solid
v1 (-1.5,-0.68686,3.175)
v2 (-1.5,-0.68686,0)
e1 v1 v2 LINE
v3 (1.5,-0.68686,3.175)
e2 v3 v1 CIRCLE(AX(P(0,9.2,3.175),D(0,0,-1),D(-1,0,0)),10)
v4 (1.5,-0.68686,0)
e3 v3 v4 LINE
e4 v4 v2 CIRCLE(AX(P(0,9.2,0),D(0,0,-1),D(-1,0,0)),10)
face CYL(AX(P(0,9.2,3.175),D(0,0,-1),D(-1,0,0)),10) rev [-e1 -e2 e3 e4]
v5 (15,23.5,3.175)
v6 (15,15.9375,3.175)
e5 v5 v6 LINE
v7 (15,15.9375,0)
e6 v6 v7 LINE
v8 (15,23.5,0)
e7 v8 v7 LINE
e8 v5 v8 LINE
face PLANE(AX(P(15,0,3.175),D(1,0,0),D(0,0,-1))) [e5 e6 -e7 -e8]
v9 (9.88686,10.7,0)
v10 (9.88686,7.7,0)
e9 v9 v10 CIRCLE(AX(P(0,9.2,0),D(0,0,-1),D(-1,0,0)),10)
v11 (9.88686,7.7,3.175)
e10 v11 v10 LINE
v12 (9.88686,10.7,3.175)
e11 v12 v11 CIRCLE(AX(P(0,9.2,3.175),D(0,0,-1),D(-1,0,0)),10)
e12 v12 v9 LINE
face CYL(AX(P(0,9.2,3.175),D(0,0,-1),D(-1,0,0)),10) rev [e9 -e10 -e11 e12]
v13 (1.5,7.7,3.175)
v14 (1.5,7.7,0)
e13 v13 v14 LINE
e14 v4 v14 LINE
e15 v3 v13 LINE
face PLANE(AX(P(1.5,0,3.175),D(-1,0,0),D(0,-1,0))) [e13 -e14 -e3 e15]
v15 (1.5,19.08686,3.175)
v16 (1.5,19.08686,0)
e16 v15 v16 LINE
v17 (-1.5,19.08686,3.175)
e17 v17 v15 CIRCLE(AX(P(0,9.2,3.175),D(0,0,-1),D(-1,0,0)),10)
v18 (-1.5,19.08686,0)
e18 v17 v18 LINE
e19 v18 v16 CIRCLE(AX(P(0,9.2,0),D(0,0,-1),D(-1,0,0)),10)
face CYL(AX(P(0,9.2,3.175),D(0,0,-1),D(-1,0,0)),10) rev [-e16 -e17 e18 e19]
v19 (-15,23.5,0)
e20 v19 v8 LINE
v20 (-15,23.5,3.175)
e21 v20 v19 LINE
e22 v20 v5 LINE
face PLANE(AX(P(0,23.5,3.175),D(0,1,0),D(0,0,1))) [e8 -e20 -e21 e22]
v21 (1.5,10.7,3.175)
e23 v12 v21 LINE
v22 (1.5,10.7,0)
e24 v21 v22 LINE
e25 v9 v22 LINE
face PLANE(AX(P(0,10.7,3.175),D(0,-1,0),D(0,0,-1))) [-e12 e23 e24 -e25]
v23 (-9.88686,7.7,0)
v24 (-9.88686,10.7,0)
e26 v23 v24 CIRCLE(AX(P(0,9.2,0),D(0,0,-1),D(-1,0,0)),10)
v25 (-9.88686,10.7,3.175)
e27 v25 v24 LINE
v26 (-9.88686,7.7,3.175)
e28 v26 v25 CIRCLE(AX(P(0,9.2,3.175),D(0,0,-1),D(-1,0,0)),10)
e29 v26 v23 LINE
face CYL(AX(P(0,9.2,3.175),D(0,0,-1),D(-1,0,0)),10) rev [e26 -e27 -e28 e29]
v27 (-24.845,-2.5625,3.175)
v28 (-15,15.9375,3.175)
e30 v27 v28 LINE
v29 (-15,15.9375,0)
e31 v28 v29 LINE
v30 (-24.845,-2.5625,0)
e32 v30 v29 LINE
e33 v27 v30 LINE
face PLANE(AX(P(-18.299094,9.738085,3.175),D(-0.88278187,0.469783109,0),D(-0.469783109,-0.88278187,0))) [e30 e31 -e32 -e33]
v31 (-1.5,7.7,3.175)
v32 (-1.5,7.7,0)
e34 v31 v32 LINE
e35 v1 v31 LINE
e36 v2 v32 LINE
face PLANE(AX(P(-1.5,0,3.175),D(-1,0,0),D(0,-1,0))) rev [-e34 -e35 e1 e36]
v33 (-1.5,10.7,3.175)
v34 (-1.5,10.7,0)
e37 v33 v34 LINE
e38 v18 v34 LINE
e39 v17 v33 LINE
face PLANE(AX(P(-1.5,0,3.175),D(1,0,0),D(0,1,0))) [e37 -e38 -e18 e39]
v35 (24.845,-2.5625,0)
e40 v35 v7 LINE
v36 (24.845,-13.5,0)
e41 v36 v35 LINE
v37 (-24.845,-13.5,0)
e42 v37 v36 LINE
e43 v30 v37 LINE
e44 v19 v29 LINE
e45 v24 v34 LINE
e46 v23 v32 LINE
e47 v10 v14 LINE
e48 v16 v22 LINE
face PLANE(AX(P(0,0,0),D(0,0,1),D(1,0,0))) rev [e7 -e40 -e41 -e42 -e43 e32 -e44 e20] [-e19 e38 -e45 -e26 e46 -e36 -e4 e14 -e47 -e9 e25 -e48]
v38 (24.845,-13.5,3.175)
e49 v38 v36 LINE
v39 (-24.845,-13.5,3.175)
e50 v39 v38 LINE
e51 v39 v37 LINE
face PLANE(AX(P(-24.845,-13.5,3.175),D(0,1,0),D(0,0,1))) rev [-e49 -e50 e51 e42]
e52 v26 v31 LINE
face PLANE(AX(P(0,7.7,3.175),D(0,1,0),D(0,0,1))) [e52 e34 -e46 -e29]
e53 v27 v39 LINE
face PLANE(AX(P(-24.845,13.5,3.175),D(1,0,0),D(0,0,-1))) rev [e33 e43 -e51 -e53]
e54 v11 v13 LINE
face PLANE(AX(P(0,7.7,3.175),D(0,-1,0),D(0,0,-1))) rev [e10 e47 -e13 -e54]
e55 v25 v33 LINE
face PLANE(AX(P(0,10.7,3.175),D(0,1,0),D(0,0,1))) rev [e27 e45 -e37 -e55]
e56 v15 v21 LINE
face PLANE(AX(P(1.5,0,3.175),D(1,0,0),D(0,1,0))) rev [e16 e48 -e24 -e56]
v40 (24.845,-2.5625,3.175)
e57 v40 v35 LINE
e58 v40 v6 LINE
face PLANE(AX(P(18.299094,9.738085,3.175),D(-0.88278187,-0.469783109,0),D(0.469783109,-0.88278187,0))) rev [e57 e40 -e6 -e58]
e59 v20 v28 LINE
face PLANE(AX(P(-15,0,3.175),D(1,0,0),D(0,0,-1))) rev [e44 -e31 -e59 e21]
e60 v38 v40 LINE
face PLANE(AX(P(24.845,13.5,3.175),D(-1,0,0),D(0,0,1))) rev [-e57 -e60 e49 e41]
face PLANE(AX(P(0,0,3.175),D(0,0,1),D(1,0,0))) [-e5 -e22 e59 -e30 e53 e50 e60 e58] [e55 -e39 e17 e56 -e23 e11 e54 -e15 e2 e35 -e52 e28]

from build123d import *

# Parameters (mm, degrees)
SKETCH1_W           = 49.69
SKETCH1_H           = 27
BOSS_EXTRUDE1_DEPTH = 3.175
CUT_EXTRUDE1_DEPTH  = 3.175
BOSS_EXTRUDE2_DEPTH = 3.175
BOSS_EXTRUDE3_DEPTH = 3.175
CUT_EXTRUDE2_DEPTH  = 3.175
CUT_EXTRUDE3_DEPTH  = 3.175


with BuildPart() as part:
    # Sketch1 → Boss-Extrude1 (new body)
    with BuildSketch(Plane.XY):
        Rectangle(SKETCH1_W, SKETCH1_H)
    extrude(amount=BOSS_EXTRUDE1_DEPTH)

    # Sketch2 → Cut-Extrude1 (cut)
    with BuildSketch(Plane.XY):
        Polygon((10, 6.75), (24.845, -6.75), (24.845, 0), (24.845, 13.5), (10, 13.5), align=None)
        Polygon((-24.845, 13.5), (-24.845, -6.75), (-10, 6.75), (-10, 13.5), align=None)
    extrude(amount=CUT_EXTRUDE1_DEPTH, mode=Mode.SUBTRACT)

    # Sketch3 → Boss-Extrude2 (add)
    with BuildSketch(Plane(origin=(0, 0, 0), x_dir=(-1, 0, 0), z_dir=(0, 0, -1))):
        with BuildLine():
            Line((-24.845, -2.5625), (-24.845, -6.75))
            Line((-24.845, -6.75), (-10, 6.75))
            Line((-10, 6.75), (-10, 13.5))
            Line((-10, 13.5), (-9.028288874, 13.5))
            ThreePointArc((-9.028288874, 13.5), (0, 19.2), (9.028288874, 13.5))
            Line((9.028288874, 13.5), (10, 13.5))
            Line((10, 13.5), (10, 6.75))
            Line((10, 6.75), (24.845, -6.75))
            Line((24.845, -6.75), (24.845, -2.5625))
            Line((24.845, -2.5625), (15, 15.9375))
            Line((15, 15.9375), (15, 23.5))
            Line((15, 23.5), (-15, 23.5))
            Line((-15, 23.5), (-15, 15.9375))
            Line((-15, 15.9375), (-24.845, -2.5625))
        make_face()
    extrude(amount=-BOSS_EXTRUDE2_DEPTH)

    # Sketch4 → Boss-Extrude3 (add)
    # profile 1 of 2: a face of its own
    with BuildSketch(Plane(origin=(0, 0, 0), x_dir=(-1, 0, 0), z_dir=(0, 0, -1))):
        Polygon((-24.845, -2.5625), (-24.845, -13.5), (0, -13.5), (24.845, -13.5), (24.845, -2.5625), (15, 15.9375), (15, 23.5), (-15, 23.5), (-15, 15.9375), align=None)
        with BuildLine():
            ThreePointArc((10, 9.2), (7.071067812, 2.128932188), (0, -0.8))
            ThreePointArc((0, -0.8), (-8.455767263, 3.861460874), (-9.028288874, 13.5))
            ThreePointArc((-9.028288874, 13.5), (0, 19.2), (9.028288874, 13.5))
            ThreePointArc((9.028288874, 13.5), (9.754047589, 11.404213154), (10, 9.2))
        make_face(mode=Mode.SUBTRACT)
    # profile 2 of 2: a face of its own
    with BuildSketch(Plane(origin=(0, 0, 0), x_dir=(-1, 0, 0), z_dir=(0, 0, -1))):
        with BuildLine():
            ThreePointArc((-9.028288874, 13.5), (0, 19.2), (9.028288874, 13.5))
            Line((9.028288874, 13.5), (-9.028288874, 13.5))
        make_face()
    extrude(amount=-BOSS_EXTRUDE3_DEPTH)

    # Sketch5 → Cut-Extrude2 (cut)
    with BuildSketch(Plane(origin=(0, 0, 0), x_dir=(-1, 0, 0), z_dir=(0, 0, -1))):
        with BuildLine():
            Line((9.949874371, 10.2), (1, 10.2))
            Line((1, 10.2), (1, 19.149874371))
            ThreePointArc((1, 19.149874371), (0, 19.2), (-1, 19.149874371))
            Line((-1, 19.149874371), (-1, 10.2))
            Line((-1, 10.2), (-9.949874371, 10.2))
            ThreePointArc((-9.949874371, 10.2), (-10, 9.2), (-9.949874371, 8.2))
            Line((-9.949874371, 8.2), (-1, 8.2))
            Line((-1, 8.2), (-1, -0.749874371))
            ThreePointArc((-1, -0.749874371), (-0.500627751, -0.787460731), (0, -0.8))
            ThreePointArc((0, -0.8), (0.500627751, -0.787460731), (1, -0.749874371))
            Line((1, -0.749874371), (1, 8.2))
            Line((1, 8.2), (9.949874371, 8.2))
            ThreePointArc((9.949874371, 8.2), (9.987460731, 8.699372249), (10, 9.2))
            ThreePointArc((10, 9.2), (9.987460731, 9.700627751), (9.949874371, 10.2))
        make_face()
    extrude(amount=-CUT_EXTRUDE2_DEPTH, mode=Mode.SUBTRACT)

    # Sketch6 → Cut-Extrude3 (cut)
    with BuildSketch(Plane(origin=(0, 0, 0), x_dir=(-1, 0, 0), z_dir=(0, 0, -1))):
        with BuildLine():
            Line((1.5, 10.7), (1.5, 19.086859967))
            ThreePointArc((1.5, 19.086859967), (1.250397018, 19.121517389), (1, 19.149874371))
            Line((1, 19.149874371), (1, 10.2))
            Line((1, 10.2), (9.949874371, 10.2))
            ThreePointArc((9.949874371, 10.2), (9.921517389, 10.450397018), (9.886859967, 10.7))
            Line((9.886859967, 10.7), (1.5, 10.7))
        make_face()
        with BuildLine():
            Line((-1, 10.2), (-1, 19.149874371))
            ThreePointArc((-1, 19.149874371), (-1.250397018, 19.121517389), (-1.5, 19.086859967))
            Line((-1.5, 19.086859967), (-1.5, 10.7))
            Line((-1.5, 10.7), (-9.886859967, 10.7))
            ThreePointArc((-9.886859967, 10.7), (-9.921517389, 10.450397018), (-9.949874371, 10.2))
            Line((-9.949874371, 10.2), (-1, 10.2))
        make_face()
        with BuildLine():
            ThreePointArc((9.886859967, 7.7), (9.921517389, 7.949602982), (9.949874371, 8.2))
            Line((9.949874371, 8.2), (1, 8.2))
            Line((1, 8.2), (1, -0.749874371))
            ThreePointArc((1, -0.749874371), (1.250397018, -0.721517389), (1.5, -0.686859967))
            Line((1.5, -0.686859967), (1.5, 7.7))
            Line((1.5, 7.7), (9.886859967, 7.7))
        make_face()
        with BuildLine():
            Line((-1, -0.749874371), (-1, 8.2))
            Line((-1, 8.2), (-9.949874371, 8.2))
            ThreePointArc((-9.949874371, 8.2), (-9.921517389, 7.949602982), (-9.886859967, 7.7))
            Line((-9.886859967, 7.7), (-1.5, 7.7))
            Line((-1.5, 7.7), (-1.5, -0.686859967))
            ThreePointArc((-1.5, -0.686859967), (-1.250397018, -0.721517389), (-1, -0.749874371))
        make_face()
    extrude(amount=-CUT_EXTRUDE3_DEPTH, mode=Mode.SUBTRACT)


solid = part.part
